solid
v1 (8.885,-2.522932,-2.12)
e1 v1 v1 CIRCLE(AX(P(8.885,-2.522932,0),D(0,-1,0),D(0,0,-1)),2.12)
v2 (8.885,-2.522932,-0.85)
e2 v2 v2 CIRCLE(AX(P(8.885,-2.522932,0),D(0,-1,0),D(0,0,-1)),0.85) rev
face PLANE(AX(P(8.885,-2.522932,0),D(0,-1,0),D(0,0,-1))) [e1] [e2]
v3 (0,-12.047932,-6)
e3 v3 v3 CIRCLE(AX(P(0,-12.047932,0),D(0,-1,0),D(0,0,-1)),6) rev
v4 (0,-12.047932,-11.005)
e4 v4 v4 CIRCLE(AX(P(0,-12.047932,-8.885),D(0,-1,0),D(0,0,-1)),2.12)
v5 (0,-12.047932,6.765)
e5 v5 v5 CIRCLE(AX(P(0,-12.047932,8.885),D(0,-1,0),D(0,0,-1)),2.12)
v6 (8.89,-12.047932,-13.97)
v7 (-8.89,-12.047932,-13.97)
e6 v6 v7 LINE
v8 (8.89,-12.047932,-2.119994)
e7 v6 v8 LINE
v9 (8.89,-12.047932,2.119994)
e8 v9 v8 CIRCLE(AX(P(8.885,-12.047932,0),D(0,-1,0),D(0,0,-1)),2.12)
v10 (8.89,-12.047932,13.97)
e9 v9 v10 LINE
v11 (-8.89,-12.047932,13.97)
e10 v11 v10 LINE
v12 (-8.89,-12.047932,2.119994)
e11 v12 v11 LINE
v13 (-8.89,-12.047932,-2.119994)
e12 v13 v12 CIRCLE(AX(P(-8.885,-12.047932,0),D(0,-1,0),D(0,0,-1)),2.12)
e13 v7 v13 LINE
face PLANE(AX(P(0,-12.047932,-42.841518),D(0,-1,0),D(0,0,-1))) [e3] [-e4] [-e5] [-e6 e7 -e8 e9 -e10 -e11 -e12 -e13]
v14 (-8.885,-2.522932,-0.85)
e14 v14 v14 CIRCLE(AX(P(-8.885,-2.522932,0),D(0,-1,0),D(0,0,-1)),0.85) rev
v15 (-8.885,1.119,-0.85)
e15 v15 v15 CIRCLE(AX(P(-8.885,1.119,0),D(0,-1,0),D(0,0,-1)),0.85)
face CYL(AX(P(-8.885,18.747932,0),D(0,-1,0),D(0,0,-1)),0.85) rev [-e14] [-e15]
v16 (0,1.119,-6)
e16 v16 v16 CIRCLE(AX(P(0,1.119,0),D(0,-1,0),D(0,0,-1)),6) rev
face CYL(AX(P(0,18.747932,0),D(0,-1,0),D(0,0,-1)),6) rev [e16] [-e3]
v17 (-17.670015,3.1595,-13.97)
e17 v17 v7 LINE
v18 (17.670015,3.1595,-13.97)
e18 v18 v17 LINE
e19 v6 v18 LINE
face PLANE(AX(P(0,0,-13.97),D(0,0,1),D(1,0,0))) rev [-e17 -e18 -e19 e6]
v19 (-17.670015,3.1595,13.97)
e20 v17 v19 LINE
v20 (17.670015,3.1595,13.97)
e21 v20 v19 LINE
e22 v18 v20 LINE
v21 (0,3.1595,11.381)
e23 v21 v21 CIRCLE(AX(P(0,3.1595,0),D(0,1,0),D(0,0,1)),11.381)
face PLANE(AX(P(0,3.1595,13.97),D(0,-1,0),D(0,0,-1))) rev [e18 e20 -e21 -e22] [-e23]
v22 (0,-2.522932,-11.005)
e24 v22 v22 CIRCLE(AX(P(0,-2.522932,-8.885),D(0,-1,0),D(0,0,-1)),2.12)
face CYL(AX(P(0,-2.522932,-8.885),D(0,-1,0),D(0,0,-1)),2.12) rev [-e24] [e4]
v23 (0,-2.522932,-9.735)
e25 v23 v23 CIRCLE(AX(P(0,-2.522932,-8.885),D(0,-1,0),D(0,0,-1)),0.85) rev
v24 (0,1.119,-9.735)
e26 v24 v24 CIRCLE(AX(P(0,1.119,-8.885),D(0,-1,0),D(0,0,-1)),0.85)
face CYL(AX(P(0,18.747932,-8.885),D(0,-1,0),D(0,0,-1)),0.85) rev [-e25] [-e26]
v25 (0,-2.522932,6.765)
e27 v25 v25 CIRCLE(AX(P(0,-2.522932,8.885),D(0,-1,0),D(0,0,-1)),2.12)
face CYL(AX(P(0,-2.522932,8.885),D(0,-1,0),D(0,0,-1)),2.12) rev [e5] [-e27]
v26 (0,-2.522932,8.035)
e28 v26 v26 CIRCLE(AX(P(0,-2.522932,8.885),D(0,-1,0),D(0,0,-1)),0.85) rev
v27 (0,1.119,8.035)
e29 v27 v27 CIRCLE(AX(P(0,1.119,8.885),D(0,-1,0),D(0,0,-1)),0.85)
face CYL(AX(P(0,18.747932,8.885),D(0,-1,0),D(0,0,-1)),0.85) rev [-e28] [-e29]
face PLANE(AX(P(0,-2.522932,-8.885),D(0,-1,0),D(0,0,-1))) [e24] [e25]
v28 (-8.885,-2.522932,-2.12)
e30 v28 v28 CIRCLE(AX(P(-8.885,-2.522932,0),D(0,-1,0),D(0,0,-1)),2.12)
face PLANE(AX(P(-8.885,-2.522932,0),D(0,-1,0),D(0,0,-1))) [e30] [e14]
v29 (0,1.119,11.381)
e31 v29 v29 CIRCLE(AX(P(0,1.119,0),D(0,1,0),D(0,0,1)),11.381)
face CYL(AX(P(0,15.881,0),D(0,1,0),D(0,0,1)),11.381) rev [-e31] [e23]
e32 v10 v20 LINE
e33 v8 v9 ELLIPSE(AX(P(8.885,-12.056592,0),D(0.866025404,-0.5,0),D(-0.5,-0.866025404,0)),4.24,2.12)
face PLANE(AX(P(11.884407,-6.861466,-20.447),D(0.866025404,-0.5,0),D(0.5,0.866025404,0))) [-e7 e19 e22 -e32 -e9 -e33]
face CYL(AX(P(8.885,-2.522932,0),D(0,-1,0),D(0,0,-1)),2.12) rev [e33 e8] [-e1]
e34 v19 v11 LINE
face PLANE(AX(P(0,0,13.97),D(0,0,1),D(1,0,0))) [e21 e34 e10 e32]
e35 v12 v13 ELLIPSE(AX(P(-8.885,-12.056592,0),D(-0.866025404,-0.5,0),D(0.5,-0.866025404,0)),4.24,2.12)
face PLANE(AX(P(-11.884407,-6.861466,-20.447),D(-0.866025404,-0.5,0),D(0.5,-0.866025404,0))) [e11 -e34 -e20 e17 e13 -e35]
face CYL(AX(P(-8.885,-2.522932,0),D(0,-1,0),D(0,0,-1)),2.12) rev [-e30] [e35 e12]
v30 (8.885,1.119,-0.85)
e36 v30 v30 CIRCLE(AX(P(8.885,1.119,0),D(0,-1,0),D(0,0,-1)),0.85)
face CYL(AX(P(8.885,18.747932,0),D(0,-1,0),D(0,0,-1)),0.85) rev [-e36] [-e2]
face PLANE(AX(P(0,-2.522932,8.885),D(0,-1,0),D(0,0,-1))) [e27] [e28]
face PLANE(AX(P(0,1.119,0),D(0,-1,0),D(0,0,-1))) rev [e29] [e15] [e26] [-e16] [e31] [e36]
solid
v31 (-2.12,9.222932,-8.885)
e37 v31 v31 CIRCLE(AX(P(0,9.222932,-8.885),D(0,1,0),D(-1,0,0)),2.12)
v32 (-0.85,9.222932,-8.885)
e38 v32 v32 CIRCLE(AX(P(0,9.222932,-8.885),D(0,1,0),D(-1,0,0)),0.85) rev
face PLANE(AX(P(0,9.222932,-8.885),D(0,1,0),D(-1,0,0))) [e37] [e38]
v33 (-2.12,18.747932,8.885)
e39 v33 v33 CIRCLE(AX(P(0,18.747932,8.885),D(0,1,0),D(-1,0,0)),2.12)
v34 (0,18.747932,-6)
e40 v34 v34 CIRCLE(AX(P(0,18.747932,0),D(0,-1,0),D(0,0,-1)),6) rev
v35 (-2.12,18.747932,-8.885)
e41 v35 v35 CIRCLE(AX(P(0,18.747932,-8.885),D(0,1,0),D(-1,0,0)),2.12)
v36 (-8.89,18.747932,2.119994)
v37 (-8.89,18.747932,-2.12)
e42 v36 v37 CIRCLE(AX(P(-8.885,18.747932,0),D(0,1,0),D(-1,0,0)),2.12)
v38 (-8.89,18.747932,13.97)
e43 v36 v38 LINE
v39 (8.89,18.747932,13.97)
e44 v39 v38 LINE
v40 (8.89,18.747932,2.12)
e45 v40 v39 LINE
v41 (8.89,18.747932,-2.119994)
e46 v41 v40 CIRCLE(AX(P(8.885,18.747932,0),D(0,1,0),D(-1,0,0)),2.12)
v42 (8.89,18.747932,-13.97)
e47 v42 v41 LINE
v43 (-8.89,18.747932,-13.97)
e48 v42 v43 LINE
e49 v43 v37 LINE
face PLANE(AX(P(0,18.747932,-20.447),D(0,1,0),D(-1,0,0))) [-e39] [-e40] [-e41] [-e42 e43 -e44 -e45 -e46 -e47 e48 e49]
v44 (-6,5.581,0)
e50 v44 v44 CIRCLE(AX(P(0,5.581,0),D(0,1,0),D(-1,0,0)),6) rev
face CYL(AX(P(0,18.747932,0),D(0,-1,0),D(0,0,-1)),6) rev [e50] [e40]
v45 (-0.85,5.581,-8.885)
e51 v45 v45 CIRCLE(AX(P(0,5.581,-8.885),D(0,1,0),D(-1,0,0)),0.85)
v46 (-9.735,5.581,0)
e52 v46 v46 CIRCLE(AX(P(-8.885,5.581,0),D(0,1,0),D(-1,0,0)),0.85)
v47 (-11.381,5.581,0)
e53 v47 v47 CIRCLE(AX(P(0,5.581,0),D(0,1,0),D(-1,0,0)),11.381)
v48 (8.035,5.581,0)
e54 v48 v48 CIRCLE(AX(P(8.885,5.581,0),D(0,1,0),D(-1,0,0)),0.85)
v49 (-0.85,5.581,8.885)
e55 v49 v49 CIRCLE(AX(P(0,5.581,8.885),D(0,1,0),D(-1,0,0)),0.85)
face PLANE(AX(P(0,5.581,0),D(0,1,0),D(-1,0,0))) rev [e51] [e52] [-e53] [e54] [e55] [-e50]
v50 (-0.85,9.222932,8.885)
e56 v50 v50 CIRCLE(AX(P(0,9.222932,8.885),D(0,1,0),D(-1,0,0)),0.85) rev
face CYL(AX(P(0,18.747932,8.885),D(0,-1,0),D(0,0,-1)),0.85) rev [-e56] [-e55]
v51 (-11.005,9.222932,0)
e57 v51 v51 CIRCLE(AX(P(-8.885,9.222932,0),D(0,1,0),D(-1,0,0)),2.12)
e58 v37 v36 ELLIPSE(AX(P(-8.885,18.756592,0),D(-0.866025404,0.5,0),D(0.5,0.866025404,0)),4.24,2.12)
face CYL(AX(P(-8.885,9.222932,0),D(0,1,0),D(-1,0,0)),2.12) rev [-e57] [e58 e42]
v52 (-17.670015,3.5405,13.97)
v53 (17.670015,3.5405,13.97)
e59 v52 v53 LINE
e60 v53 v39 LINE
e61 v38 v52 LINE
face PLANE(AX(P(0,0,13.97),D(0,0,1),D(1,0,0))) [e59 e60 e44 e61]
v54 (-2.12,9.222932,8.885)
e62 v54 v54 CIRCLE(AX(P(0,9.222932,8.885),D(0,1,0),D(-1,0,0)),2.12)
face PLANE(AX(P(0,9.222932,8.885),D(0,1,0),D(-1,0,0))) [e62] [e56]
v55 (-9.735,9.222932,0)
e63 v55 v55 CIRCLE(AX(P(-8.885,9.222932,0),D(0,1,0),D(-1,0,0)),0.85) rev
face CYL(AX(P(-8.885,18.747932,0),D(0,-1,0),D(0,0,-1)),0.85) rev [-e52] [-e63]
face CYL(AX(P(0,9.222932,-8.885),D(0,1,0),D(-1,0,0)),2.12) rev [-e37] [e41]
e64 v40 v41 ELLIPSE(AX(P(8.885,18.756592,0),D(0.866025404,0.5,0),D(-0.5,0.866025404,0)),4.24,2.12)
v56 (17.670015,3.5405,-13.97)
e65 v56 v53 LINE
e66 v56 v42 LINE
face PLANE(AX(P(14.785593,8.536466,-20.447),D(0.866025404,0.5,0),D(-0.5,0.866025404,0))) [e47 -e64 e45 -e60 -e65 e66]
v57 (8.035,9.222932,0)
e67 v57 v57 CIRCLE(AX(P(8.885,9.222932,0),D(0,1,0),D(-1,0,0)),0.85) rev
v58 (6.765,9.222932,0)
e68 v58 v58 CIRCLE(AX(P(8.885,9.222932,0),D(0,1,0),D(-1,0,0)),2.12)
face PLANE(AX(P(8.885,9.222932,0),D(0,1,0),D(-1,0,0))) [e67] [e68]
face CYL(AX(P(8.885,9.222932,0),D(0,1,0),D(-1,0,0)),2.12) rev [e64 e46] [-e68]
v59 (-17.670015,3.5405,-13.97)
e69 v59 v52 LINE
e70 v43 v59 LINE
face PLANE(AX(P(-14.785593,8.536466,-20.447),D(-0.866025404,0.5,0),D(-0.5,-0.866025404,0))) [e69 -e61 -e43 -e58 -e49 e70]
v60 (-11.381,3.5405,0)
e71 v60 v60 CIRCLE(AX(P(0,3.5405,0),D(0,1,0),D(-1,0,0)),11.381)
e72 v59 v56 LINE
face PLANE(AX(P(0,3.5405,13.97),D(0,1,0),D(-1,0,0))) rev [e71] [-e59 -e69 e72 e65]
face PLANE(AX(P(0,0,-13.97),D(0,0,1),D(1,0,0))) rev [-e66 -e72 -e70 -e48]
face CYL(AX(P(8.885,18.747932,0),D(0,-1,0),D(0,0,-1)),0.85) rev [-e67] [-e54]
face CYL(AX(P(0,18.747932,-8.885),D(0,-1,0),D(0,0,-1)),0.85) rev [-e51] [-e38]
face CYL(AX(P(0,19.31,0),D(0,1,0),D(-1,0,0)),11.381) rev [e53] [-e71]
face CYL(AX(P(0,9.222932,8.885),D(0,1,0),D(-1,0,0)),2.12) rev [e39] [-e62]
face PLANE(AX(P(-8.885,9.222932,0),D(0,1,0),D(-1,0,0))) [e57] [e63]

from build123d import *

# Parameters (mm, degrees)
SKETCH1_W                       = 27.94
SKETCH1_H                       = 15.7695
BOSS_EXTRUDE1_DEPTH             = 13.97
SKETCH1_H_2                     = 6.709500012
BOSS_EXTRUDE1_2_DEPTH           = 13.97
SKETCH4_R                       = 23.398189774
BODY_SHAPING_SQUARE_DEPTH       = 34.417
MAKING_THINGS_HEXAGONAL_DEPTH   = 27.94
SKETCH2_R                       = 6
THROUGH_HOLE_FOR_ACME_ROD_DEPTH = 31.795863359
SKETCH3_R                       = 0.85
BOLT_HOLES_DEPTH                = 1
BOLT_HOLES_DEPTH_BACK           = 31.795863359
SKETCH3_3_R                     = 2.12
CUT_EXTRUDE4_DEPTH              = 9.525
SKETCH5_R                       = 2.12
CUT_EXTRUDE5_DEPTH              = 9.525


with BuildPart() as part:
    # Sketch1 → Boss-Extrude1 (new body, symmetric)
    with BuildSketch(Plane.XY):
        with Locations((0, 11.42525)):
            Rectangle(SKETCH1_W, SKETCH1_H)
    extrude(amount=BOSS_EXTRUDE1_DEPTH, both=True)

    # Sketch1<6> → Cut-Revolve8 (revolve, cut)
    with BuildSketch(Plane.XY):
        Polygon((5.451, 15.881), (0, 15.881), (0, 3.5405), (11.381, 3.5405), (11.381, 5.581), (5.451, 5.581), align=None)
    revolve(axis=Axis((0, 19.31, 0), (0, -1, 0)), mode=Mode.SUBTRACT)


with BuildPart() as body_2:
    # Sketch1 → Boss-Extrude1 2 (new body, symmetric)
    with BuildSketch(Plane.XY):
        with Locations((0, -0.195250006)):
            Rectangle(SKETCH1_W, SKETCH1_H_2)
    extrude(amount=BOSS_EXTRUDE1_2_DEPTH, both=True)


with BuildPart() as body_shaping_square_tool:
    # Sketch4 → Body Shaping - Square (new body)
    with BuildSketch(Plane.XY.offset(13.97)):
        with Locations((0, 3.35)):
            Circle(SKETCH4_R)
        Polygon((-8.89, 18.747931679), (-17.78, 3.35), (-8.89, -12.047931679), (8.89, -12.047931679), (17.78, 3.35), (8.89, 18.747931679), align=None, mode=Mode.SUBTRACT)
    extrude(amount=-BODY_SHAPING_SQUARE_DEPTH)


with BuildPart() as part_1:
    add(part.part)

    # Body Shaping - Square: cut by body_shaping_square_tool
    add(body_shaping_square_tool.part, mode=Mode.SUBTRACT)



with BuildPart() as body_2_1:
    add(body_2.part)

    # Body Shaping - Square: cut by body_shaping_square_tool
    add(body_shaping_square_tool.part, mode=Mode.SUBTRACT)

    # Sketch1<7> → Cut-Revolve9 (revolve, cut)
    with BuildSketch(Plane.XY):
        Polygon((11.381, 3.1595), (0, 3.1595), (0, -0.381), (5.451, -0.381), (5.451, 1.119), (11.381, 1.119), align=None)
    revolve(axis=Axis((0, 15.881, 0), (0, -1, 0)), mode=Mode.SUBTRACT)


with BuildPart() as part_2:
    add(part_1.part)

    add(body_2_1.part)  # Making things hexagonal merges body 2
    # Sketch4<6> → Making things hexagonal (add)
    with BuildSketch(Plane.XY.offset(13.97)):
        Polygon((13.97, -3.249113577), (17.670014774, 3.1595), (13.97, 3.1595), align=None)
        Polygon((17.670014774, 3.5405), (13.97, 9.949113577), (13.97, 3.5405), align=None)
        Polygon((13.796283136, -3.550000012), (-13.796283136, -3.550000012), (-8.89, -12.047931679), (8.89, -12.047931679), align=None)
        Polygon((-13.97, 3.1595), (-17.670014774, 3.1595), (-13.97, -3.249113577), align=None)
        Polygon((-13.97, 3.5405), (-13.97, 9.949113577), (-17.670014774, 3.5405), align=None)
    extrude(amount=-MAKING_THINGS_HEXAGONAL_DEPTH)

    # Sketch2 → Through Hole for ACME Rod (cut, through all)
    with BuildSketch(Plane(origin=(0, -12.047931679, 0), x_dir=(1, 0, 0), z_dir=(0, 1, 0))):
        Circle(SKETCH2_R)
    extrude(amount=THROUGH_HOLE_FOR_ACME_ROD_DEPTH, mode=Mode.SUBTRACT)

    # Sketch3 → Bolt Holes (cut, two sides)
    with BuildSketch(Plane.XZ.offset(12.047931679)) as bolt_holes_sk:
        with Locations((-8.885, 0)):
            Circle(SKETCH3_R)
        with Locations((0, 8.885)):
            Circle(SKETCH3_R)
        with Locations((8.885, 0)):
            Circle(SKETCH3_R)
        with Locations((0, -8.885)):
            Circle(SKETCH3_R)
    extrude(amount=BOLT_HOLES_DEPTH, mode=Mode.SUBTRACT)
    extrude(bolt_holes_sk.sketch, amount=-BOLT_HOLES_DEPTH_BACK, mode=Mode.SUBTRACT)

    # Sketch3<3> → Cut-Extrude4 (cut)
    with BuildSketch(Plane.XZ.offset(12.047931679)):
        with Locations((-8.885, 0)):
            Circle(SKETCH3_3_R)
        with Locations((0, 8.885)):
            Circle(SKETCH3_3_R)
        with Locations((8.885, 0)):
            Circle(SKETCH3_3_R)
        with Locations((0, -8.885)):
            Circle(SKETCH3_3_R)
    extrude(amount=-CUT_EXTRUDE4_DEPTH, mode=Mode.SUBTRACT)

    # Sketch5 → Cut-Extrude5 (cut)
    with BuildSketch(Plane(origin=(0, 18.747931679, 0), x_dir=(1, 0, 0), z_dir=(0, 1, 0))):
        with Locations((0, 8.885)):
            Circle(SKETCH5_R)
        with Locations((-8.885, 0)):
            Circle(SKETCH5_R)
        with Locations((8.885, 0)):
            Circle(SKETCH5_R)
        with Locations((0, -8.885)):
            Circle(SKETCH5_R)
    extrude(amount=-CUT_EXTRUDE5_DEPTH, mode=Mode.SUBTRACT)


solid = part_2.part
